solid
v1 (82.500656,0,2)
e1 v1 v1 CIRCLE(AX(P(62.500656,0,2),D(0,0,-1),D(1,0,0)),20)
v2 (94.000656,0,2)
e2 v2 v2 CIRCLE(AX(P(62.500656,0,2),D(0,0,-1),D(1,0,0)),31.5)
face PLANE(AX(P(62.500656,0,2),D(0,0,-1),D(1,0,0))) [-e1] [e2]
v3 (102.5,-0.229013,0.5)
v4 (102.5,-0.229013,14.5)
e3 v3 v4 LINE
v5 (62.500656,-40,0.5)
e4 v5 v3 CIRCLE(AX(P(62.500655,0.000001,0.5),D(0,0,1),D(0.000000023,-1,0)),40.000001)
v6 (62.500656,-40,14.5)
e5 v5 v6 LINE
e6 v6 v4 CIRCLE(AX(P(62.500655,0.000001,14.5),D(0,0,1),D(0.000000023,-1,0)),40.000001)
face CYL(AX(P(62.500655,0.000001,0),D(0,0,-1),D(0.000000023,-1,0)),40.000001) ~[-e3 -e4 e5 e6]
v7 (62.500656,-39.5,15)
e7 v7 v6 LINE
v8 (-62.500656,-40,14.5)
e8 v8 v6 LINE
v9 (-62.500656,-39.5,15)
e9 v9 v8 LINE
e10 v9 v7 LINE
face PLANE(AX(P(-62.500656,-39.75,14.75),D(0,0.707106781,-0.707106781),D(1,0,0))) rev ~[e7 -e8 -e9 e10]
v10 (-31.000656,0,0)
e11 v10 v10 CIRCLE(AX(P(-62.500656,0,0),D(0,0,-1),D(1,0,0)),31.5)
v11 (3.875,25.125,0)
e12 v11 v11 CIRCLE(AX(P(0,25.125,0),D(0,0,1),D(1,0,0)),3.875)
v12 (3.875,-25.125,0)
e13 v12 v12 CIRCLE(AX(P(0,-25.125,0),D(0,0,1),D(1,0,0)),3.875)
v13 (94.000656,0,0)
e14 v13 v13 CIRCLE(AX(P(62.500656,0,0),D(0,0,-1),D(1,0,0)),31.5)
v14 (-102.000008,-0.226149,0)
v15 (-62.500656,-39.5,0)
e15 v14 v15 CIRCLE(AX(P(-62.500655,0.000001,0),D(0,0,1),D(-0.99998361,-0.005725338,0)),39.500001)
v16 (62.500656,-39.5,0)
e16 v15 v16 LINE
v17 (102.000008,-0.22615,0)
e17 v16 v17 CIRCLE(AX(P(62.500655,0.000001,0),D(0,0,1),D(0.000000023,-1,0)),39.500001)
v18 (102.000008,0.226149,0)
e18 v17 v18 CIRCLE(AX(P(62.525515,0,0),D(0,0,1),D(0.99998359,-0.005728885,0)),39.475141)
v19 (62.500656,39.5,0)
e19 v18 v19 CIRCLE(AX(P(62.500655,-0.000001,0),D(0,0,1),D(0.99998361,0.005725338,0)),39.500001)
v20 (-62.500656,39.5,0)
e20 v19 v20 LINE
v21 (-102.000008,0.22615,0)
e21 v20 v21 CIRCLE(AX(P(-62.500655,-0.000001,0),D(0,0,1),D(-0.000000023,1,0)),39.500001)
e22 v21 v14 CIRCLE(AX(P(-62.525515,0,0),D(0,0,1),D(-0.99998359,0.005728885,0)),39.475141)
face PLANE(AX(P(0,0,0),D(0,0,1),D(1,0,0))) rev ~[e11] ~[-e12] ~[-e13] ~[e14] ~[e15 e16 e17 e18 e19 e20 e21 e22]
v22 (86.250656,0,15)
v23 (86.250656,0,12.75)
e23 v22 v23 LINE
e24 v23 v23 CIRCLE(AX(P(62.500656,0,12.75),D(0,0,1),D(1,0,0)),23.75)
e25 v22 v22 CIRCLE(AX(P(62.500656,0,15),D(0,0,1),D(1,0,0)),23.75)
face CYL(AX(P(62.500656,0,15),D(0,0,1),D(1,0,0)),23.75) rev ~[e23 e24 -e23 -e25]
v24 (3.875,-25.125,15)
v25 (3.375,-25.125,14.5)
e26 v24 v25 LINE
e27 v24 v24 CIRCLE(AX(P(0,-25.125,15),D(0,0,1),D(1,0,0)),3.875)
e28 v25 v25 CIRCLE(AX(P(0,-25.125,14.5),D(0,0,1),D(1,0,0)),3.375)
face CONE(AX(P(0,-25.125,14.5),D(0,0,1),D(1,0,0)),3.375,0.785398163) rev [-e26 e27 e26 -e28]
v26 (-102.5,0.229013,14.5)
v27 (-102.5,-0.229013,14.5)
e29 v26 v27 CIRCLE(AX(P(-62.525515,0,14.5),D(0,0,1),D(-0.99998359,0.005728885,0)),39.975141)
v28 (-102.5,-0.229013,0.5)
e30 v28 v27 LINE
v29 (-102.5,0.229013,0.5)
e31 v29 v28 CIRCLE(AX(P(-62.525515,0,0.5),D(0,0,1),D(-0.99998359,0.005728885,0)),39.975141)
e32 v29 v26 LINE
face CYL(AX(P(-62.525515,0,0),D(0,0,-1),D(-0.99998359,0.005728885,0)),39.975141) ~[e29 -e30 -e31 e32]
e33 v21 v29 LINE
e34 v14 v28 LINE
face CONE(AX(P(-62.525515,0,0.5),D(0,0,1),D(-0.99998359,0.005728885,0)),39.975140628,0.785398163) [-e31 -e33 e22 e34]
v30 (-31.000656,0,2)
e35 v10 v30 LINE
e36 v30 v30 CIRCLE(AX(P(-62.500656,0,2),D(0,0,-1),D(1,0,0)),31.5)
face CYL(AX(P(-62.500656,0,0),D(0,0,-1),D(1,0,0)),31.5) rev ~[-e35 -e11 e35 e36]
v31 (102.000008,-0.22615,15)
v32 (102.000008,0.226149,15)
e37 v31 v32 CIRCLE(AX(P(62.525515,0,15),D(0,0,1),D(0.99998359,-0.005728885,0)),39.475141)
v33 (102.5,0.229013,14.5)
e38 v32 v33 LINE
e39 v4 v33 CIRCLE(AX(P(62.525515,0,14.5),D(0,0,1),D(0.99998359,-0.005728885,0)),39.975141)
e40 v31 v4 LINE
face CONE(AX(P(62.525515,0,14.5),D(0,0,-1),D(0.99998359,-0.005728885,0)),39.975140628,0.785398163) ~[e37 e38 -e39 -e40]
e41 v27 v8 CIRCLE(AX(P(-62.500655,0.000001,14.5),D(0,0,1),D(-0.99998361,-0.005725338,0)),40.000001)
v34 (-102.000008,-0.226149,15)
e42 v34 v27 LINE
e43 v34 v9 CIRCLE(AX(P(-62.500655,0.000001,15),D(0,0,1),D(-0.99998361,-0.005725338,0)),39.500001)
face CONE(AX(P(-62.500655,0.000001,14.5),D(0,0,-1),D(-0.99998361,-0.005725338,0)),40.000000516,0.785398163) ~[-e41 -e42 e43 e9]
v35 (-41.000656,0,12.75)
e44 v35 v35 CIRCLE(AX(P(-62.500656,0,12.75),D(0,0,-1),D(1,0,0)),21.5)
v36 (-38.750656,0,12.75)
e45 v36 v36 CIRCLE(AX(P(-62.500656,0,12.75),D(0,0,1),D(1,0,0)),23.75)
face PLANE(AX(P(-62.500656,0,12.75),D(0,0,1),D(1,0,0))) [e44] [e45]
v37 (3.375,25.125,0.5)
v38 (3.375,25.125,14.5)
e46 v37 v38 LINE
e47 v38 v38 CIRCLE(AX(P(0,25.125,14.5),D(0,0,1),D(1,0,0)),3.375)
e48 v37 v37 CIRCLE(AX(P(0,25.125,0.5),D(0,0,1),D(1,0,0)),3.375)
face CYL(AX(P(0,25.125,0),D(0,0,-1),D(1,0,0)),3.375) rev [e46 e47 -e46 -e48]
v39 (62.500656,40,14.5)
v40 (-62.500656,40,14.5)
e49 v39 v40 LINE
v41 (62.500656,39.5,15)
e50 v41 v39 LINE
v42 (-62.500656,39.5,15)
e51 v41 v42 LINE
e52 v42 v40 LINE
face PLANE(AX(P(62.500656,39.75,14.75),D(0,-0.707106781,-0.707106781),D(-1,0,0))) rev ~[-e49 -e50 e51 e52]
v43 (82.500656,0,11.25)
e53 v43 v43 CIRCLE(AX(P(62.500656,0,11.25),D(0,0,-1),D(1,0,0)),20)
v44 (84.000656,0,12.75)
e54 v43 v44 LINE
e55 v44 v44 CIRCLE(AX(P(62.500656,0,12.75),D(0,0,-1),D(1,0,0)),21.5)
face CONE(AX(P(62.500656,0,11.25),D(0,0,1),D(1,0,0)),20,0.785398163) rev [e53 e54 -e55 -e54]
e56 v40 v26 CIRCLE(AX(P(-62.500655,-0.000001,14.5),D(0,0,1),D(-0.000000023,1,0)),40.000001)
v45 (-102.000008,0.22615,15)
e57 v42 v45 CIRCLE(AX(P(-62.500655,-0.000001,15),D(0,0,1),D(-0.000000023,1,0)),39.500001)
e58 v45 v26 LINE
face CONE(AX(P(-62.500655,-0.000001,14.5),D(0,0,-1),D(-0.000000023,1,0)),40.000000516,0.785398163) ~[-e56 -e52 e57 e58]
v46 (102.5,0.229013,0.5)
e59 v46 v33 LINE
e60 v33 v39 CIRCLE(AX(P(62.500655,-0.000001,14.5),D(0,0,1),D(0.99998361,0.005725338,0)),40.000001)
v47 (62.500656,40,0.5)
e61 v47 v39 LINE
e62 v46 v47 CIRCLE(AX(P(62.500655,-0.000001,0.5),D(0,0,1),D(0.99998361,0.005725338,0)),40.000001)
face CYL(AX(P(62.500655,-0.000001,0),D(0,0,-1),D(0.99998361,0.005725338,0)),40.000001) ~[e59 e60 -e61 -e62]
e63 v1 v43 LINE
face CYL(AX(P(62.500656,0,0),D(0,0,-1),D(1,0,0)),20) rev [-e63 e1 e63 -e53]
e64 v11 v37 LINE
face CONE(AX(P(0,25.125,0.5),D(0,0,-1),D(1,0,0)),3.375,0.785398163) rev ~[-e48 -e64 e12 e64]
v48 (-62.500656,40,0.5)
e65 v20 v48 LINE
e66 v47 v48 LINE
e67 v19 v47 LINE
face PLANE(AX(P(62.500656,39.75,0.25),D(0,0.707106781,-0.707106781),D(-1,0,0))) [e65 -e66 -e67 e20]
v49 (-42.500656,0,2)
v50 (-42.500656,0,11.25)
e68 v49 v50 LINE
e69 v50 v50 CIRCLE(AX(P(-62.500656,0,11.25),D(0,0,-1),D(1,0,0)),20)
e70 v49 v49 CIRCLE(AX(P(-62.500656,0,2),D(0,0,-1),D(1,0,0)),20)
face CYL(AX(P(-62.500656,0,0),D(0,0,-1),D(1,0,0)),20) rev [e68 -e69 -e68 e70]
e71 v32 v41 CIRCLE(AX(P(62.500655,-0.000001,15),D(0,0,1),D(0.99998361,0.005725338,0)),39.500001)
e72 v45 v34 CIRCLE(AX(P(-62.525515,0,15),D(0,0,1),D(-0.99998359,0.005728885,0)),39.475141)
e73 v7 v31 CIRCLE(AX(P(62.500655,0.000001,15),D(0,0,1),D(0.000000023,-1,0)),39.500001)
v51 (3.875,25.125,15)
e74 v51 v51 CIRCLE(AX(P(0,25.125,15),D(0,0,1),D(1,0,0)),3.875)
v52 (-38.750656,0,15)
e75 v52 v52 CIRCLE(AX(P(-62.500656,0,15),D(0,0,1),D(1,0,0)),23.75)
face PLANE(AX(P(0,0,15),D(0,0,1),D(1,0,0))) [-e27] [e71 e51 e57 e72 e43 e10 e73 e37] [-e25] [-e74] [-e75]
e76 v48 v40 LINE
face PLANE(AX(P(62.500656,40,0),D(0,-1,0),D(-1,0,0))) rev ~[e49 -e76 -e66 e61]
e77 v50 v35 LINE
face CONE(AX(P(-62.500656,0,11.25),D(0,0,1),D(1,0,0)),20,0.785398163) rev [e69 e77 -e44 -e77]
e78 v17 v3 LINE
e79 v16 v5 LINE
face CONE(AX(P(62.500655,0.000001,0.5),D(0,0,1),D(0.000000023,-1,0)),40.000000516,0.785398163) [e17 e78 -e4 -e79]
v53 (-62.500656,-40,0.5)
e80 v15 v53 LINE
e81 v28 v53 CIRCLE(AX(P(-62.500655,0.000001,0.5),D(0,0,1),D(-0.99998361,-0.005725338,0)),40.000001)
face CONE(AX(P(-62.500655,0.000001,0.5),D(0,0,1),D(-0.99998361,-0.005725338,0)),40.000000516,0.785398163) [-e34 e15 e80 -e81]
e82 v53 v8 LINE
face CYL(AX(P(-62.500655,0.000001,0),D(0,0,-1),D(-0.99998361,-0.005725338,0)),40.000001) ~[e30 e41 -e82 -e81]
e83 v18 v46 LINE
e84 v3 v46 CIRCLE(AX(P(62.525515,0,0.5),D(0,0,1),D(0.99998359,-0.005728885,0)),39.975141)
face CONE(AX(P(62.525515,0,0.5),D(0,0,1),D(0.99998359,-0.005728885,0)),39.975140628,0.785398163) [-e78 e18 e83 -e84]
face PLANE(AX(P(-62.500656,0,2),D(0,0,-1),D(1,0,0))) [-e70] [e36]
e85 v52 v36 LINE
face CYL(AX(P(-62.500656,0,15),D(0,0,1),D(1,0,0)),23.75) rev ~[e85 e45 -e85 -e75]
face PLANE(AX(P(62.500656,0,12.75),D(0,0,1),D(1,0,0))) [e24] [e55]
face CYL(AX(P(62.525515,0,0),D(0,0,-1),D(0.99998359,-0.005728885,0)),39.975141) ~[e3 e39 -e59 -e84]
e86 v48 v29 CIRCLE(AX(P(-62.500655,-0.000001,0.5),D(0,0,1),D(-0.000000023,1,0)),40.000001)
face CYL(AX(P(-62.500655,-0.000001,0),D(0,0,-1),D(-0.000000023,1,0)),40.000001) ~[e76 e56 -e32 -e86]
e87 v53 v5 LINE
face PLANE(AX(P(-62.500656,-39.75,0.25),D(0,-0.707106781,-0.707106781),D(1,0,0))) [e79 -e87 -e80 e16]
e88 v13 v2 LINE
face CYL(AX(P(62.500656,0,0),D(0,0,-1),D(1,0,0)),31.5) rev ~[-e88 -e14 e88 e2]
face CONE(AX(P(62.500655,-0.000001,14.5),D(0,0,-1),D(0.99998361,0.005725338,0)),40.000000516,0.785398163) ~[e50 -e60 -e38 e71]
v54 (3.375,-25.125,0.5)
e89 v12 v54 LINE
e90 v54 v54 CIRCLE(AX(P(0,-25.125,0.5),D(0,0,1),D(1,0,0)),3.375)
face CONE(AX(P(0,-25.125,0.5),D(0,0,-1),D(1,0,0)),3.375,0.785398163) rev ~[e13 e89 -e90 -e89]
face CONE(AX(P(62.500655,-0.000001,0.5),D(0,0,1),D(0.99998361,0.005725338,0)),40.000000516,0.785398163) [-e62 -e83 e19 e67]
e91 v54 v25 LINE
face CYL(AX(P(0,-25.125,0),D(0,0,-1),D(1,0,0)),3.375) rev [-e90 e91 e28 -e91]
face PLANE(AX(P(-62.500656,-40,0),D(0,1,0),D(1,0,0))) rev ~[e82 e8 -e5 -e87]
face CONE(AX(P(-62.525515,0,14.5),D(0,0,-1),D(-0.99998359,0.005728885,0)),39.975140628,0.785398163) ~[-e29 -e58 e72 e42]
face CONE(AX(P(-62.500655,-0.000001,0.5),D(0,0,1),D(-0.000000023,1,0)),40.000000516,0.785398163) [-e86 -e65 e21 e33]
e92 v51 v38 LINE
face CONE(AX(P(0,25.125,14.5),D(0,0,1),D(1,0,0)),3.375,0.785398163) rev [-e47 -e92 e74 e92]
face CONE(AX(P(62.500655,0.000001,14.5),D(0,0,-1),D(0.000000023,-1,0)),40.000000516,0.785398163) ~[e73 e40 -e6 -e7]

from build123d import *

# Parameters (mm, degrees)
F0_R     = 3.375
F0_R_2   = 20
F1_DEPTH = 15
F2_R     = 31.5
F3_DEPTH = 2
F4_SIZE  = 0.5
F5_SIZE  = 0.5
F6_R     = 23.75
F7_DEPTH = 2.25
F8_SIZE  = 1.5


with BuildPart() as f1:
    # F0 (on Top) → F1 (new body)
    with BuildSketch(Plane.XY):
        with BuildLine():
            ThreePointArc((-102.5, -0.229013), (-90.703842, -28.365124), (-62.500656, -40))
            Line((-62.500656, -40), (62.500656, -40))
            ThreePointArc((62.500656, -40), (90.703842, -28.365124), (102.5, -0.229013))
            Line((102.5, -0.229013), (102.5, 0.229013))
            ThreePointArc((102.5, 0.229013), (90.703842, 28.365124), (62.500656, 40))
            Line((62.500656, 40), (-62.500656, 40))
            ThreePointArc((-62.500656, 40), (-90.703842, 28.365124), (-102.5, 0.229013))
            Line((-102.5, 0.229013), (-102.5, -0.229013))
        make_face()
        with Locations((0, -25.125)):
            Circle(F0_R, mode=Mode.SUBTRACT)
        with Locations((-62.500656, 0)):
            Circle(F0_R_2, mode=Mode.SUBTRACT)
        with Locations((62.500656, 0)):
            Circle(F0_R_2, mode=Mode.SUBTRACT)
        with Locations((0, 25.125)):
            Circle(F0_R, mode=Mode.SUBTRACT)
        with BuildLine():
            ThreePointArc((-102.5, 0.229013), (-102.500656, 0), (-102.5, -0.229013))
            Line((-102.5, -0.229013), (-102.5, 0.229013))
        make_face()
        with BuildLine():
            Line((102.5, 0.229013), (102.5, -0.229013))
            ThreePointArc((102.5, -0.229013), (102.500656, 0), (102.5, 0.229013))
        make_face()
    extrude(amount=F1_DEPTH)

    # F2 (on face) → F3 (cut)
    with BuildSketch(Plane(origin=(0, 0, 0), x_dir=(1, 0, 0), z_dir=(0, 0, -1))):
        with Locations((-62.500656, 0)):
            Circle(F2_R)
        with Locations((62.500656, 0)):
            Circle(F2_R)
    extrude(amount=-F3_DEPTH, mode=Mode.SUBTRACT)

    # F4
    f4_edges = [f1.edges().sort_by_distance(p)[0] for p in [
        (62.500656, 40, 7.5),
        (-62.500656, 40, 7.5),
        (0, 40, 0),
        (0, 40, 15),
    ]]
    chamfer(f4_edges, length=F4_SIZE)

    # F5
    f5_edges = [f1.edges().sort_by_distance(p)[0] for p in [
        (-3.375, -25.125, 15),
        (-3.375, 25.125, 15),
        (-3.375, -25.125, 0),
        (-3.375, 25.125, 0),
    ]]
    chamfer(f5_edges, length=F5_SIZE)

    # F6 (on face) → F7 (cut)
    with BuildSketch(Plane.XY.offset(15)):
        with Locations((-62.500656, 0)):
            Circle(F6_R)
        with Locations((62.500656, 0)):
            Circle(F6_R)
    extrude(amount=-F7_DEPTH, mode=Mode.SUBTRACT)

    # F8
    f8_edges = [f1.edges().sort_by_distance(p)[0] for p in [
        (-82.500656, 0, 12.75),
        (42.500656, 0, 12.75),
    ]]
    chamfer(f8_edges, length=F8_SIZE)


solid = f1.part
